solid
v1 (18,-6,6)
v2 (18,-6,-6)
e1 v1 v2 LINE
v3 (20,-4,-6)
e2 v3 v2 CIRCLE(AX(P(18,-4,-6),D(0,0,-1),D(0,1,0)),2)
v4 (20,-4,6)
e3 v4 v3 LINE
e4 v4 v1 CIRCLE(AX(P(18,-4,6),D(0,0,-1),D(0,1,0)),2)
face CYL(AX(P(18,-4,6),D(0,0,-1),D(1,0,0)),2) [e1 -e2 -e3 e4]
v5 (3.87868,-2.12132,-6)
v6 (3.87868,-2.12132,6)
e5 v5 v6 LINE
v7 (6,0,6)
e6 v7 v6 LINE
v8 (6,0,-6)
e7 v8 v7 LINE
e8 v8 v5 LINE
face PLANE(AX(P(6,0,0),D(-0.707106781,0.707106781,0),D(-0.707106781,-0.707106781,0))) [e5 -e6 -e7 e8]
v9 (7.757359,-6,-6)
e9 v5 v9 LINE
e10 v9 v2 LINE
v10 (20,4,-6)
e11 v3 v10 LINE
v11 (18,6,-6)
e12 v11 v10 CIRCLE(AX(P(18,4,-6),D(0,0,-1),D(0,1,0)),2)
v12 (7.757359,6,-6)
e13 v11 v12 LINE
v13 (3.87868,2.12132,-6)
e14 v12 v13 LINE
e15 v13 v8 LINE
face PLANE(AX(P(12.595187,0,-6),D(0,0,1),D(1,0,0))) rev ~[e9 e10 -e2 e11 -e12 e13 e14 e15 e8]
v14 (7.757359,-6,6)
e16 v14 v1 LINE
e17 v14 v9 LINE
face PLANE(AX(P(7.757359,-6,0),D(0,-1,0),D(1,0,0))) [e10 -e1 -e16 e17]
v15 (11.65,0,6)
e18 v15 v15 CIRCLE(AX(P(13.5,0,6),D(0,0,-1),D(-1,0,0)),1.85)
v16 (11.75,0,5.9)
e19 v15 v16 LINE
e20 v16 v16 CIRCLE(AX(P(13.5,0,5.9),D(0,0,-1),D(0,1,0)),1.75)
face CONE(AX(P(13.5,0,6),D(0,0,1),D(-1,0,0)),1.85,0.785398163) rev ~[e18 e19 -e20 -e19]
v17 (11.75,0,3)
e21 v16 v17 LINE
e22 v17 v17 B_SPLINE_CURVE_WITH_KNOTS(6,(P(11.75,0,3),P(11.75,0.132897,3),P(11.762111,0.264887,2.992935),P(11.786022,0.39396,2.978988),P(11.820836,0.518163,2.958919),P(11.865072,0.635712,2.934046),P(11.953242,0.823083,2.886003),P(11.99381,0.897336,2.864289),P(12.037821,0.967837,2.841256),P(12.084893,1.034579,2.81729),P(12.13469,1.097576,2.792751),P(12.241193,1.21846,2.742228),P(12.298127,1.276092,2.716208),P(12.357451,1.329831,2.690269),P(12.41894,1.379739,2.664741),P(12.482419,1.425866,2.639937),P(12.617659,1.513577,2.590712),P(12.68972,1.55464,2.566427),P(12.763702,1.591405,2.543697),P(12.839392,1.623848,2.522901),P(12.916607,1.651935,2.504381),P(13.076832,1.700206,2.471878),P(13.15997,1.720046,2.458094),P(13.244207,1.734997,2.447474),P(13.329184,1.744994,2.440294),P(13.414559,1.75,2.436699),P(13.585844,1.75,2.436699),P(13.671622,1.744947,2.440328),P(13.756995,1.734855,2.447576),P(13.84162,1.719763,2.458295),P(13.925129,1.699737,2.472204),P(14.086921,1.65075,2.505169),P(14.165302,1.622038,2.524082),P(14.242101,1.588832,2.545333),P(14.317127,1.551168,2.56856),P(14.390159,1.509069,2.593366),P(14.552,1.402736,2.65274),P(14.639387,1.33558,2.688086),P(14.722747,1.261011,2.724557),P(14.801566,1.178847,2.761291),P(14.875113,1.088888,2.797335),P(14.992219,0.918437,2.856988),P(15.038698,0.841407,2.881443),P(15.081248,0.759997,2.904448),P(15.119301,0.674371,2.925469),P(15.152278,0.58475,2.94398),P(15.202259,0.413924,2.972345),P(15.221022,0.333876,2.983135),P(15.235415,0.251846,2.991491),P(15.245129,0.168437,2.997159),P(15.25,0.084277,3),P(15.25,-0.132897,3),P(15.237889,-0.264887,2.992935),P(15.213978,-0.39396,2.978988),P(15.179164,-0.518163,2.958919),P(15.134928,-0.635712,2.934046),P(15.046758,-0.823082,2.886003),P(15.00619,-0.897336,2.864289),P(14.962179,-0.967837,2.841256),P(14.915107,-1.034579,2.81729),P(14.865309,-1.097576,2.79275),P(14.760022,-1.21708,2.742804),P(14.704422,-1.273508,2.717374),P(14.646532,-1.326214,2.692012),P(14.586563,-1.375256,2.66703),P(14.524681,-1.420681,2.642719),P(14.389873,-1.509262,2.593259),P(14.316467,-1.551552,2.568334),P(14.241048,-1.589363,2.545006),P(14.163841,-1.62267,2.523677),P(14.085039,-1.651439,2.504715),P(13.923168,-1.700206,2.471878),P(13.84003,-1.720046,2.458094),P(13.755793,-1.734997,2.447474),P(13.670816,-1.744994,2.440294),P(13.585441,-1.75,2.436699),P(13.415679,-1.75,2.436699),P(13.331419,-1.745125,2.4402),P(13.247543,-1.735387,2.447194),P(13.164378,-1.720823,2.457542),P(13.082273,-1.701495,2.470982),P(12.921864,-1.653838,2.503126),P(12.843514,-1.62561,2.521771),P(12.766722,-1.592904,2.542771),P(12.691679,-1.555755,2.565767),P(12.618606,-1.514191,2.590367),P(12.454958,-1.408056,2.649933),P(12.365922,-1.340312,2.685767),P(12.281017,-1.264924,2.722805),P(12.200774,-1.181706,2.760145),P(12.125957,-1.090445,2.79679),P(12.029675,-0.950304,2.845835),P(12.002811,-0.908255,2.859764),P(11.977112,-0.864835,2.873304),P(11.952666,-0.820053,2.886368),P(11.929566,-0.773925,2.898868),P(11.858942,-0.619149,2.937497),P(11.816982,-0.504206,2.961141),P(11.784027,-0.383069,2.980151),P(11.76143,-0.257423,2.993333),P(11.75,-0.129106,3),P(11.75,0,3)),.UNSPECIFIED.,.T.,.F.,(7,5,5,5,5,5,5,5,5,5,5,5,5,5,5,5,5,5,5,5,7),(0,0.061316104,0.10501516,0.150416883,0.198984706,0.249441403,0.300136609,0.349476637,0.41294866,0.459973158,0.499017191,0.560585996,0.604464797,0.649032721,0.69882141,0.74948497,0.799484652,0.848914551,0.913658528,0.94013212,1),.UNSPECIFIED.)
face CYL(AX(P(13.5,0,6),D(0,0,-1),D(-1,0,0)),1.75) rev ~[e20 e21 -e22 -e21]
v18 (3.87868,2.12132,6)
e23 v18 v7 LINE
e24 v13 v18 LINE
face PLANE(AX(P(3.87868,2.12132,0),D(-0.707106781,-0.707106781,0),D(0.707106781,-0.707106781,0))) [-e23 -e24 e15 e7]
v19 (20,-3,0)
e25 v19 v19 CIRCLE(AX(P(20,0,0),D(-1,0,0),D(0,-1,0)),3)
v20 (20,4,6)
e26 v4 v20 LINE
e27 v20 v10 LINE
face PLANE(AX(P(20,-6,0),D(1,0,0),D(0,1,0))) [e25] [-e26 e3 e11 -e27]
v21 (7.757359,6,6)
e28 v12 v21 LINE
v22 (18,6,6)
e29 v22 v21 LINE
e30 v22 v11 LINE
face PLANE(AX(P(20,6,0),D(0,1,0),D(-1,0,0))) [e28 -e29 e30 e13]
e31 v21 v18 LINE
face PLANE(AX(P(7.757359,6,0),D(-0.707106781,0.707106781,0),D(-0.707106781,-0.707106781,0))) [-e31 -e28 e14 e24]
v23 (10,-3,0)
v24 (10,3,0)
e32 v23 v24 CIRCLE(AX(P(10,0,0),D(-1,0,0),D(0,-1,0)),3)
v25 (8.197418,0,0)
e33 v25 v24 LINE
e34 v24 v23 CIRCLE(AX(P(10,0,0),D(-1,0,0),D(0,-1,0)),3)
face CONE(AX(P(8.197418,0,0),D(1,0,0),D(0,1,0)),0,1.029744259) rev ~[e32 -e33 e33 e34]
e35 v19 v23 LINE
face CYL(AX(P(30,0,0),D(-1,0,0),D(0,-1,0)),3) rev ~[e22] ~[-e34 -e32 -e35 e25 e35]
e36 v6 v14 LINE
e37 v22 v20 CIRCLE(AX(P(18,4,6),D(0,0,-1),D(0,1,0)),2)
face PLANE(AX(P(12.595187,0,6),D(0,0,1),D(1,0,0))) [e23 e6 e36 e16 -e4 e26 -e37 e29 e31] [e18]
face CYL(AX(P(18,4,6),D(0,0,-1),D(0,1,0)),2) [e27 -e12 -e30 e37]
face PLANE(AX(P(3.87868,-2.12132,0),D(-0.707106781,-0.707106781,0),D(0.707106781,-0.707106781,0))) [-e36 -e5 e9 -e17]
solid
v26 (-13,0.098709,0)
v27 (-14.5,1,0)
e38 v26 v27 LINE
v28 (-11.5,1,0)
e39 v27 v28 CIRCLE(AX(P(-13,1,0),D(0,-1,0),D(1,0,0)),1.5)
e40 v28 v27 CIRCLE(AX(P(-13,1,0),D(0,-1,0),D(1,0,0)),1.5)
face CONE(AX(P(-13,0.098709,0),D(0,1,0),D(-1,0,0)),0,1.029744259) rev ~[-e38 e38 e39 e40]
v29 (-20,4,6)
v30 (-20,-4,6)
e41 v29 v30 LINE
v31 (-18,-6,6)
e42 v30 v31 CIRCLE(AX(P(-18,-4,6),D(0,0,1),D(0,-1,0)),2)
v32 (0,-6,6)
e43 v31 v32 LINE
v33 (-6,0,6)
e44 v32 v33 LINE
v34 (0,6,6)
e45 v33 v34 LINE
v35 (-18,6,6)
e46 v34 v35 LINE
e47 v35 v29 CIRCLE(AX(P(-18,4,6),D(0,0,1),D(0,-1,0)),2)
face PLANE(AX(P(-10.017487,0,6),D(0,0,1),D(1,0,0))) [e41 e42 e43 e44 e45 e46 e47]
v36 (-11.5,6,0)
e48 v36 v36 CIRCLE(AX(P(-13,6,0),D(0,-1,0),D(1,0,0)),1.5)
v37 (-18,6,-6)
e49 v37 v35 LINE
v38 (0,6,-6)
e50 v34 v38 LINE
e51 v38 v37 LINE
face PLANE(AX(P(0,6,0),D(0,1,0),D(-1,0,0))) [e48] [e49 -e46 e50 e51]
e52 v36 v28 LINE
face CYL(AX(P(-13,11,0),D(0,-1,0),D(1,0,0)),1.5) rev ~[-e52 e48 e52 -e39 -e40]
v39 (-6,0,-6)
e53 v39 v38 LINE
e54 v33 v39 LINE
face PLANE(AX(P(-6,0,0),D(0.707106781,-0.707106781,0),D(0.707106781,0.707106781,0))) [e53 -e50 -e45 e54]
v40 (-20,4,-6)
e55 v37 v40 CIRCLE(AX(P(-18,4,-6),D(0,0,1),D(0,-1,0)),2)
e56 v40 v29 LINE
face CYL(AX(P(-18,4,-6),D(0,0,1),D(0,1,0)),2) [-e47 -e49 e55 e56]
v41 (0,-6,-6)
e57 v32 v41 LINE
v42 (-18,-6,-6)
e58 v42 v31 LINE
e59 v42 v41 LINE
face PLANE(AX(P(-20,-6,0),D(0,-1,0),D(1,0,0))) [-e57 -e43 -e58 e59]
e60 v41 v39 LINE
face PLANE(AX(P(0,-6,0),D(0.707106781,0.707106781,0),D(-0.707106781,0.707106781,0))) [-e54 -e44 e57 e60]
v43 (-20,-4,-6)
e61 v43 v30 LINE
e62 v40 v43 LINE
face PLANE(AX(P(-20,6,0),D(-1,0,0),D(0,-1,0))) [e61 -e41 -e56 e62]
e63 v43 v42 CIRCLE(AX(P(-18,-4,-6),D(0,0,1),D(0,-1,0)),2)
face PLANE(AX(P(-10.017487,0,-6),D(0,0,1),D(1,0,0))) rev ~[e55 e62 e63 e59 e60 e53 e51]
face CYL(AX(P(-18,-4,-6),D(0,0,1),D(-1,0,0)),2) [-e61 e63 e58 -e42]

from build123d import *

# Parameters (mm, degrees)
F1_DEPTH       = 6
F2_DEPTH       = 6
F4_D           = 6
F4_DEPTH       = 10
F4_TIP         = 1.8025818571
F6_D           = 3.5
F6_DEPTH       = 6.5
F6_CSINK_D     = 3.7
F6_CSINK_ANGLE = 90
F6_TIP         = 1.0515060833
F8_D           = 3
F8_DEPTH       = 5
F8_TIP         = 0.9012909285
F9_R           = 2
F9_2_R         = 2


with BuildPart() as f1:
    # F0 (on Top) → F1 (new body, symmetric)
    with BuildSketch(Plane.XY):
        Polygon((0, 6), (-20, 6), (-20, -6), (0, -6), (-3.8786796564, -2.1213203436), (-6, 0), (-3.8786796564, 2.1213203436), align=None)
    extrude(amount=F1_DEPTH, both=True)

    # F8
    with Locations(Plane(origin=(0, 6, 0), x_dir=(-1, 0, 0), z_dir=(0, 1, 0))):
        with Locations((13, 0)):
            Hole(F8_D / 2, depth=F8_DEPTH)
            with Locations((0, 0, -(F8_DEPTH + F8_TIP / 2))):  # 118° drill point
                Cone(0, F8_D / 2, F8_TIP, mode=Mode.SUBTRACT)

    # F9#2
    f9_2_edges = [f1.edges().sort_by_distance(p)[0] for p in [
        (-20, 6, 0),
        (-20, -6, 0),
    ]]
    fillet(f9_2_edges, radius=F9_2_R)


with BuildPart() as f2:
    # F0 (on Top) → F2 (new body, symmetric)
    with BuildSketch(Plane.XY):
        Polygon((20, 6), (7.7573593129, 6), (3.8786796564, 2.1213203436), (6, 0), (3.8786796564, -2.1213203436), (7.7573593129, -6), (20, -6), align=None)
    extrude(amount=F2_DEPTH, both=True)

    # F4
    with Locations(Plane.YZ.offset(20)):
        with Locations((0, 0)):
            Hole(F4_D / 2, depth=F4_DEPTH)
            with Locations((0, 0, -(F4_DEPTH + F4_TIP / 2))):  # 118° drill point
                Cone(0, F4_D / 2, F4_TIP, mode=Mode.SUBTRACT)

    # F6
    with Locations(Plane.XY.offset(6)):
        with Locations((13.5, 0)):
            CounterSinkHole(F6_D / 2, F6_CSINK_D / 2, depth=F6_DEPTH, counter_sink_angle=F6_CSINK_ANGLE)
            with Locations((0, 0, -(F6_DEPTH + F6_TIP / 2))):  # 118° drill point
                Cone(0, F6_D / 2, F6_TIP, mode=Mode.SUBTRACT)

    # F9
    f9_edges = [f2.edges().sort_by_distance(p)[0] for p in [
        (20, 6, 0),
        (20, -6, 0),
    ]]
    fillet(f9_edges, radius=F9_R)


solid = Compound([f1.part, f2.part])
